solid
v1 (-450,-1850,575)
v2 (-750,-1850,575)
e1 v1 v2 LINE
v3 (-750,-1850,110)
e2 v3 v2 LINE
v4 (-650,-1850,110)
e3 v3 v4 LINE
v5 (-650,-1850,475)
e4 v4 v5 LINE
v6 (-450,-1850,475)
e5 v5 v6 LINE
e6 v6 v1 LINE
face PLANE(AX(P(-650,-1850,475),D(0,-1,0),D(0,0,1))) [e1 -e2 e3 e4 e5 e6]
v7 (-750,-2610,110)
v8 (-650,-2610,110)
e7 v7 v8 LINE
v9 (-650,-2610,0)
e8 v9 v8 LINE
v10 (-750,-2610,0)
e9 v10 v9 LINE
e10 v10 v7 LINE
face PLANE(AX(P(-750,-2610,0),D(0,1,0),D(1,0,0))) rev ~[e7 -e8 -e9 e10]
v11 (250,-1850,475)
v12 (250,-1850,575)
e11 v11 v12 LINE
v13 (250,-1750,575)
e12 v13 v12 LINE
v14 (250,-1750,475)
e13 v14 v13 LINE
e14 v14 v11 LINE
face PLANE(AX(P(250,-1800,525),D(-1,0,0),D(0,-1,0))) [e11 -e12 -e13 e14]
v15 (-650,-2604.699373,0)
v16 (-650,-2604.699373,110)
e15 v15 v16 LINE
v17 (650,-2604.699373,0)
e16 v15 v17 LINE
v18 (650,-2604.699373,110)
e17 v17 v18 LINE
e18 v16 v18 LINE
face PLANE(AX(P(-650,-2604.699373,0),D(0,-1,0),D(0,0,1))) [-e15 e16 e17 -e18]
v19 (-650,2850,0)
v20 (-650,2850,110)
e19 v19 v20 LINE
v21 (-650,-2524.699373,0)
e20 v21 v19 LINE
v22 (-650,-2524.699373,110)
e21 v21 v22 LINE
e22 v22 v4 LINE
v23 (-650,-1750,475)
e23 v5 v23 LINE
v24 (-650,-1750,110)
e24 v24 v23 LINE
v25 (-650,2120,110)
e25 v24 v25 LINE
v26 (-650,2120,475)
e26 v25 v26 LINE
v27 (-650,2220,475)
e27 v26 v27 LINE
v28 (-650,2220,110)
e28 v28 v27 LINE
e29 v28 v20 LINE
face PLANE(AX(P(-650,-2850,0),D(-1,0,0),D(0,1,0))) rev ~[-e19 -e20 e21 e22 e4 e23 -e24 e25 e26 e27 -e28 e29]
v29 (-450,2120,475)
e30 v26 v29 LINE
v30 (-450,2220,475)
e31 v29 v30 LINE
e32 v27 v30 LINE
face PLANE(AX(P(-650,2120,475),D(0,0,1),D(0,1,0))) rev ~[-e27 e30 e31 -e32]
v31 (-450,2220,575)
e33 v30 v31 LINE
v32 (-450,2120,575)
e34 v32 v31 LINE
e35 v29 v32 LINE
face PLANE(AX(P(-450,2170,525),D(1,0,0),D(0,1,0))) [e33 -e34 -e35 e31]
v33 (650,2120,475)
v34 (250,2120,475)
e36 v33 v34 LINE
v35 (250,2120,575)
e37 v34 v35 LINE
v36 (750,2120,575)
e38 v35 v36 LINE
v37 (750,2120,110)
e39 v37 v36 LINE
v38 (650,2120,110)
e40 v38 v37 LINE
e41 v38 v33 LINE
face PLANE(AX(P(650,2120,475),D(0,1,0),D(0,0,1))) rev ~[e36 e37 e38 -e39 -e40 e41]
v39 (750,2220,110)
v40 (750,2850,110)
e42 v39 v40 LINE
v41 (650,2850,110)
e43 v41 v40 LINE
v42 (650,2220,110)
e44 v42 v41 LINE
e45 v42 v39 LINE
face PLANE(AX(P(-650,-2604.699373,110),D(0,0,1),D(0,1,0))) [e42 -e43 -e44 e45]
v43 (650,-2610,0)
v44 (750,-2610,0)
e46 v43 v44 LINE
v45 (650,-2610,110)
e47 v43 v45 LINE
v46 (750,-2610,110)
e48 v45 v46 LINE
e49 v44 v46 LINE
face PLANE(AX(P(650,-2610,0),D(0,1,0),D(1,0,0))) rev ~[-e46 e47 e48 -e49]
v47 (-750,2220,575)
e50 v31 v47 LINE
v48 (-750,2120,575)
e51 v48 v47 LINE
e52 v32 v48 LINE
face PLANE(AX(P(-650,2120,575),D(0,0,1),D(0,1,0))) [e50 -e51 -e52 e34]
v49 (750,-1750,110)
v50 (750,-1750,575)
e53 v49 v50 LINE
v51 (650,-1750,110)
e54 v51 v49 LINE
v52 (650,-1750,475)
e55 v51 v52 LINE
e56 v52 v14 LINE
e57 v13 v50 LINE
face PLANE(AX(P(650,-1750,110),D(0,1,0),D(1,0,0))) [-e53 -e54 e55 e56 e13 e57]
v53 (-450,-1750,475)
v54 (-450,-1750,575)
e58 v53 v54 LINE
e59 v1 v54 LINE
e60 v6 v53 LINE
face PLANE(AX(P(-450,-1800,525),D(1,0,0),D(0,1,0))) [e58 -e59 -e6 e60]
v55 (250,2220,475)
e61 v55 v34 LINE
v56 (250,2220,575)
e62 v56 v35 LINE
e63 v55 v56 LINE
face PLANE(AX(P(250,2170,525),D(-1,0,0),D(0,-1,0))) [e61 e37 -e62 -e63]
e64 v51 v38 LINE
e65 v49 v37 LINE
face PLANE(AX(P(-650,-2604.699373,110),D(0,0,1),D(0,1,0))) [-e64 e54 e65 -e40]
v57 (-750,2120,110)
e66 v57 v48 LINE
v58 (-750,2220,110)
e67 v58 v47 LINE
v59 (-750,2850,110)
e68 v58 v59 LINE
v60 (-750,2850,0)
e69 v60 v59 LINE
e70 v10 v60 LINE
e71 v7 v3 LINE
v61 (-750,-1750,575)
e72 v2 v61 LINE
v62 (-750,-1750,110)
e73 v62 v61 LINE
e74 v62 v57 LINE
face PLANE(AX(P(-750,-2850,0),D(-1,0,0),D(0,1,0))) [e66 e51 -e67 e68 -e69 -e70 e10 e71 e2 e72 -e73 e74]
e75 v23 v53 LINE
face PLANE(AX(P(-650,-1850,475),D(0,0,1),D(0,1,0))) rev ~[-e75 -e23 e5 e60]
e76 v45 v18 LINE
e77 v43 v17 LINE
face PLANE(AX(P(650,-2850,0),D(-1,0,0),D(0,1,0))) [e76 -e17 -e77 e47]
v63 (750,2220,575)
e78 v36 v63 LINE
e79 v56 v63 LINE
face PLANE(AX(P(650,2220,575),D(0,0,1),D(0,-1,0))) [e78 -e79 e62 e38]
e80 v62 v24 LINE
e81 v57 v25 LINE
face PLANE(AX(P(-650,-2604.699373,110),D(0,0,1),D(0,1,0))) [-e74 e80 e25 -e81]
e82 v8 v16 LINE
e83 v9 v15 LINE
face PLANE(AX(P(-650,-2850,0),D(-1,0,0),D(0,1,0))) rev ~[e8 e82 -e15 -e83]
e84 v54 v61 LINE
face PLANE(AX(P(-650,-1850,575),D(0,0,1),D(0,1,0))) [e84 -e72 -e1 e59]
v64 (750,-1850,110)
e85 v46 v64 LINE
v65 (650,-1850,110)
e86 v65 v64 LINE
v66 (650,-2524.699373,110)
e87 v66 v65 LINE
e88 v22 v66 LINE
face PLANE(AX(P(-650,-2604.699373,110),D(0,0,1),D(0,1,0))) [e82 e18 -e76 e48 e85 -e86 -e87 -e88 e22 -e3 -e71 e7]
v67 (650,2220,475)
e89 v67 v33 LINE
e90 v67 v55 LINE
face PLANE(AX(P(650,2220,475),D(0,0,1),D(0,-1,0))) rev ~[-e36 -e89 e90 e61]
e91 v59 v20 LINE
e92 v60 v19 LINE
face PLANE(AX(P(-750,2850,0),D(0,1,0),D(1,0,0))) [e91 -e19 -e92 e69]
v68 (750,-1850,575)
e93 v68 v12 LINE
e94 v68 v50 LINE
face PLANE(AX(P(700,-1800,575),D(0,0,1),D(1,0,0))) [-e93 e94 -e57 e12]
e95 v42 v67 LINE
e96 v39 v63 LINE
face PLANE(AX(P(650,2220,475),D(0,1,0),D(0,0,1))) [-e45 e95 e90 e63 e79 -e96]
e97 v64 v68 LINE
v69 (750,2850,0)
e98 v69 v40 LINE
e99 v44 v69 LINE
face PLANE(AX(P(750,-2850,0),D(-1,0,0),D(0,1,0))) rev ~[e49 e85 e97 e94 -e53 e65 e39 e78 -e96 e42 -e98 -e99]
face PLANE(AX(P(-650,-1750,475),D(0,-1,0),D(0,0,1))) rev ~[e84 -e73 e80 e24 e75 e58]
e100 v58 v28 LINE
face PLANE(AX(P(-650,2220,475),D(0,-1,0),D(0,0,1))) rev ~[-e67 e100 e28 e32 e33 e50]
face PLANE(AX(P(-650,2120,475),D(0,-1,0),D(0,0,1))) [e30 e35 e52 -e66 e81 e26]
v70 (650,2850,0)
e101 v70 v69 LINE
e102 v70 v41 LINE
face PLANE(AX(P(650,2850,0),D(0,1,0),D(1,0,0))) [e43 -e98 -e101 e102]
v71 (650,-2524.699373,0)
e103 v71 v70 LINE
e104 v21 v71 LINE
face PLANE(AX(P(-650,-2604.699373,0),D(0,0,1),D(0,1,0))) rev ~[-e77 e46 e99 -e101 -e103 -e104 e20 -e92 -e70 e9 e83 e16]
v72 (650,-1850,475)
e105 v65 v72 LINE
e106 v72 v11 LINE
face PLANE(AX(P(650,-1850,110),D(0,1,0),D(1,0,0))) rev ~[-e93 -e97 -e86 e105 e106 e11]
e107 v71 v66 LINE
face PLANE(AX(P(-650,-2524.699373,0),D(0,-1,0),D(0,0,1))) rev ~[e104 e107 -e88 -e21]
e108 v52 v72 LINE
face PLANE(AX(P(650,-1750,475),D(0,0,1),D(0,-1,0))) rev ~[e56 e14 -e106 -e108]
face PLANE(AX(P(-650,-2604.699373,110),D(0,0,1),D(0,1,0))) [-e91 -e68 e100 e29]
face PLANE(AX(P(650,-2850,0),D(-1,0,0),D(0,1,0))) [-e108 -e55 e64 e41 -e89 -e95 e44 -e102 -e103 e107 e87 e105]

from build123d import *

# Parameters (mm, degrees)
F0_W      = 100
F0_H      = 5700
F1_DEPTH  = 110
F2_W      = 80
F2_H      = 110
F3_DEPTH  = 1350
F4_W      = 100
F4_H      = 100
F5_DEPTH  = 465
F6_DEPTH  = 240
F7_W      = 100
F7_H      = 100
F8_DEPTH  = 200
F9_W      = 100
F9_H      = 100
F10_DEPTH = 400
F11_W     = 100
F11_H     = 100
F12_DEPTH = 200


with BuildPart() as f1:
    # F0 (on Top) → F1 (new body)
    with BuildSketch(Plane.XY):
        with Locations((700, 0)):
            Rectangle(F0_W, F0_H)
    extrude(amount=F1_DEPTH)



with BuildPart() as f1b:
    # F0 (on Top) → F1, piece 2 (new body)
    with BuildSketch(Plane.XY):
        with Locations((-700, 0)):
            Rectangle(F0_W, F0_H)
    extrude(amount=F1_DEPTH)


with BuildPart() as f1_1:
    add(f1.part)

    add(f1b.part)  # F3 merges F1b
    # F2 (on face) → F3 (join)
    with BuildSketch(Plane.YZ.offset(-650)):
        with Locations((-2564.6993732452, 55)):
            Rectangle(F2_W, F2_H)
    extrude(amount=F3_DEPTH)

    # F4 (on face) → F5 (join)
    with BuildSketch(Plane.XY.offset(110)):
        with Locations((700, -1800)):
            Rectangle(F4_W, F4_H)
        with Locations((700, 2170)):
            Rectangle(F4_W, F4_H)
        with Locations((-700, -1800)):
            Rectangle(F4_W, F4_H)
        with Locations((-700, 2170)):
            Rectangle(F4_W, F4_H)
    extrude(amount=F5_DEPTH)

    # F6 (cut): faces of the model
    f6_faces = [f1_1.faces().sort_by_distance(p)[0] for p in [
        (700, -2850, 55),
        (-700, -2850, 55),
    ]]
    extrude(f6_faces, amount=-F6_DEPTH, mode=Mode.SUBTRACT)

    # F7 (on face) → F8 (join)
    with BuildSketch(Plane.YZ.offset(-650)):
        with Locations((2170, 525)):
            Rectangle(F7_W, F7_H)
    extrude(amount=F8_DEPTH)

    # F9 (on face) → F10 (join)
    with BuildSketch(Plane(origin=(650, 0, 0), x_dir=(0, -1, 0), z_dir=(-1, 0, 0))):
        with Locations((-2170, 525)):
            Rectangle(F9_W, F9_H)
        with Locations((1800, 525)):
            Rectangle(F9_W, F9_H)
    extrude(amount=F10_DEPTH)

    # F11 (on face) → F12 (join)
    with BuildSketch(Plane.YZ.offset(-650)):
        with Locations((-1800, 525)):
            Rectangle(F11_W, F11_H)
    extrude(amount=F12_DEPTH)


solid = f1_1.part
